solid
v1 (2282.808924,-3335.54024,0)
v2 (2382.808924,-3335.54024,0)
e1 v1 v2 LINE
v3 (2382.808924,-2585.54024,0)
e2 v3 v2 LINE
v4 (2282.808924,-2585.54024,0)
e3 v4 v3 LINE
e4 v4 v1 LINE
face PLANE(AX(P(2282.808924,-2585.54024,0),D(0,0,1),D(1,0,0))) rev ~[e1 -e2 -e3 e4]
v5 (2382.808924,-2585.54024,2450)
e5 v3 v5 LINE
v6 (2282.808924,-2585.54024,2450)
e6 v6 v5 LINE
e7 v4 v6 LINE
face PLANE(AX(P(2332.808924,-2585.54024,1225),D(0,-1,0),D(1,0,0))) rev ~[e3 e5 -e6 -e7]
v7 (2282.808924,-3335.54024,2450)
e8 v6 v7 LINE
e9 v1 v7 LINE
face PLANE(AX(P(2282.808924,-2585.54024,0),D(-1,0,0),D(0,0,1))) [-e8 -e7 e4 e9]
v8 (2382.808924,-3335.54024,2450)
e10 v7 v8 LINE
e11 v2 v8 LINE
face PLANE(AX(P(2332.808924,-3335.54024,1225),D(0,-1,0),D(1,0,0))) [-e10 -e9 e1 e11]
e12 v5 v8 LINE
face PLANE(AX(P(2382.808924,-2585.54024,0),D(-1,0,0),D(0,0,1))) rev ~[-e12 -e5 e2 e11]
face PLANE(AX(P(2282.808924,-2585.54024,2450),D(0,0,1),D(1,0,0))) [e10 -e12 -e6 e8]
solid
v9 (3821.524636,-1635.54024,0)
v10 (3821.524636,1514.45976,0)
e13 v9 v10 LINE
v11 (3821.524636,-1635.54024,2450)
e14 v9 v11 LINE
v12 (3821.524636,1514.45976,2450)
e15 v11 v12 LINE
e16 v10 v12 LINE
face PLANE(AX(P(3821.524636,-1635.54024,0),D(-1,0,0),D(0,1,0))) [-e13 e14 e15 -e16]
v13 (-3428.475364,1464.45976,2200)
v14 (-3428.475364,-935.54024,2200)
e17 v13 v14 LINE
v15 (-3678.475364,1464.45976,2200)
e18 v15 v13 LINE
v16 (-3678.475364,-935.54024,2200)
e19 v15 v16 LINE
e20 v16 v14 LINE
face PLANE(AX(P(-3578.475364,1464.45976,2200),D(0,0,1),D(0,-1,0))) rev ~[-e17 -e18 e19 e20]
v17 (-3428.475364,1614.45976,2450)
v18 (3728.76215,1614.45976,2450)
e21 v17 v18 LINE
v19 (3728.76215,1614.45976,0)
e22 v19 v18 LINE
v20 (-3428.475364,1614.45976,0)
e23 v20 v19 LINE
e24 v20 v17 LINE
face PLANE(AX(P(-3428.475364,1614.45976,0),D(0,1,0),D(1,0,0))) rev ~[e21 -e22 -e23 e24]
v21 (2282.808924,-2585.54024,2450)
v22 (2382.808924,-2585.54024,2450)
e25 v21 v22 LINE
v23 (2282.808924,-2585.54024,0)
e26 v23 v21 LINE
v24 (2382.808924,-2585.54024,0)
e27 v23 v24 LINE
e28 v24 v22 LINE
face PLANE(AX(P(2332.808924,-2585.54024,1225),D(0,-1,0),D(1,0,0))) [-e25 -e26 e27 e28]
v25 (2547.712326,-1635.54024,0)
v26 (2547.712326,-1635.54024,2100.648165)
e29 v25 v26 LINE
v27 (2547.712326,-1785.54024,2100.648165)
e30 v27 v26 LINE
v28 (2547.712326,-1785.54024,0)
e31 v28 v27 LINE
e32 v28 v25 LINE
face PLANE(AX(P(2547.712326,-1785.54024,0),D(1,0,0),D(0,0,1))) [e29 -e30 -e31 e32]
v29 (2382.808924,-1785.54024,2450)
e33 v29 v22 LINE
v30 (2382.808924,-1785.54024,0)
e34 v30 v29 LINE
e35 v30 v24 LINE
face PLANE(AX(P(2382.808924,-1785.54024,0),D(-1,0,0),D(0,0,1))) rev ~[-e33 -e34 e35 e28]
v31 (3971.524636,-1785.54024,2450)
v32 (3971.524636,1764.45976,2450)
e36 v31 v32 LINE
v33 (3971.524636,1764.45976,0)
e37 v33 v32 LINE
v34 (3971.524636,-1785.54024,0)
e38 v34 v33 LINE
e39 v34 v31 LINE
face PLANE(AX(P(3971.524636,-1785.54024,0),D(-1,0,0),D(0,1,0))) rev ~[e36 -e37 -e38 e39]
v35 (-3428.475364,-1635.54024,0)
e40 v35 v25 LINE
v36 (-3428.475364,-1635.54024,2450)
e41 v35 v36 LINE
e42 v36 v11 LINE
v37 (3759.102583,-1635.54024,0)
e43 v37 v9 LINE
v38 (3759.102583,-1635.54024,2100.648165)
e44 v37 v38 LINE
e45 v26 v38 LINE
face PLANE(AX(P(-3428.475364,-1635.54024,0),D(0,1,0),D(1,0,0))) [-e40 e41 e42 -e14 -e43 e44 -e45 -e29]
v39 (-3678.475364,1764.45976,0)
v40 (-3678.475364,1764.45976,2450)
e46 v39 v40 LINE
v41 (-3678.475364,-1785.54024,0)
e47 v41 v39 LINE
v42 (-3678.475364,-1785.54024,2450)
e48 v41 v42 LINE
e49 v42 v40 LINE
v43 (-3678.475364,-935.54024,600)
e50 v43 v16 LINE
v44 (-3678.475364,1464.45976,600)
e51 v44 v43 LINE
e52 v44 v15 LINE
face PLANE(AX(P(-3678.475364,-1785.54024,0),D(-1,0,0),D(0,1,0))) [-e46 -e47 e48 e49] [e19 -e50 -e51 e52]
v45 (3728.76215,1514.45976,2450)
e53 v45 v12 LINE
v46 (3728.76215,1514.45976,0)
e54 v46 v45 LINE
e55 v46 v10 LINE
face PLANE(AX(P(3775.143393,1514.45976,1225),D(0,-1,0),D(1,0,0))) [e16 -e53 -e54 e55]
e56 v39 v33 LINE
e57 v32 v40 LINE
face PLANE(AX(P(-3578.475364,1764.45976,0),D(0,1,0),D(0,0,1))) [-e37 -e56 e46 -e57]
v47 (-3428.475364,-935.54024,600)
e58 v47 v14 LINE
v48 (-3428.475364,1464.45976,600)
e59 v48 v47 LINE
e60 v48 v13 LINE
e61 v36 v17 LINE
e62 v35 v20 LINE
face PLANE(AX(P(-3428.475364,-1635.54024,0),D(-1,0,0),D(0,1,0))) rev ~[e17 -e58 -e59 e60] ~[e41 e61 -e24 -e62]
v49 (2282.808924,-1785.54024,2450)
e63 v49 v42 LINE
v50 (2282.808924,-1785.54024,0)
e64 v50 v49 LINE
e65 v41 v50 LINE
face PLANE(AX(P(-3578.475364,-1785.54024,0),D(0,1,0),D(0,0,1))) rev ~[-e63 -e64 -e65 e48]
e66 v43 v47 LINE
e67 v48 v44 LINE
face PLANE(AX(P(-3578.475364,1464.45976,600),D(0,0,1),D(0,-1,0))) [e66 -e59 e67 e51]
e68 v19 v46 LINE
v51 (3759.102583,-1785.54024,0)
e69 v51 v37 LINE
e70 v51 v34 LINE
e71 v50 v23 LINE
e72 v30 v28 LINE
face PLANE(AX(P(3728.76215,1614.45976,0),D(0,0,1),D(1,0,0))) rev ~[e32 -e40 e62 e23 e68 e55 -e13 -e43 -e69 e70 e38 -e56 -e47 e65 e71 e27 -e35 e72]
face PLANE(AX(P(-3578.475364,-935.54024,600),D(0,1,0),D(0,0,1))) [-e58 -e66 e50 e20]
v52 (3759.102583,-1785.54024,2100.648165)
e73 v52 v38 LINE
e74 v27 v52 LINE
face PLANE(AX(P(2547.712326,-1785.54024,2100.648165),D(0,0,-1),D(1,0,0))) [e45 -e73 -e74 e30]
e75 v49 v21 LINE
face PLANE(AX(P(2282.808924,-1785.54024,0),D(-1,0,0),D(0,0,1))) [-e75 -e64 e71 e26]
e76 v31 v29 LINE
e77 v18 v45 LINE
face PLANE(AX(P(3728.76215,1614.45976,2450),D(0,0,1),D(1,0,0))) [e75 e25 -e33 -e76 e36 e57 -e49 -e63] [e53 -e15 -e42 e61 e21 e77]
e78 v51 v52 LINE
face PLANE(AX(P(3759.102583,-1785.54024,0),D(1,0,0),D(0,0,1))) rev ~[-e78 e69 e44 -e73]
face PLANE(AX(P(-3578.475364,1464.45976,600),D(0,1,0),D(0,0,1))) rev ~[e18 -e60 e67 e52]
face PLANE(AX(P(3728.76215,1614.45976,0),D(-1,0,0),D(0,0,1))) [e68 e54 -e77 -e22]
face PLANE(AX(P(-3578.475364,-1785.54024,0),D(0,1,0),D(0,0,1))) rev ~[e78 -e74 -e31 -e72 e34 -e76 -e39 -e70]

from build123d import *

# Parameters (mm, degrees)
F0_W      = 7550
F0_H      = 3550
F0_W_2    = 7250
F0_H_2    = 3250
F1_DEPTH  = 2450
F2_W      = 1211.3902568817
F2_H      = 2100.6481647491
F3_DEPTH  = 150
F4_W      = 2400
F4_H      = 1600
F5_DEPTH  = 150
F6_DEPTH  = 100
F7_W      = 92.7624866187
F7_H      = 2450
F8_DEPTH  = 100
F9_W      = 100
F9_H      = 2450
F10_DEPTH = 800
F11_DEPTH = 750


with BuildPart() as f1:
    # F0 (on Top) → F1 (new body)
    with BuildSketch(Plane.XY):
        with Locations((196.5246364295, -10.5402395129)):
            Rectangle(F0_W, F0_H)
        with Locations((196.5246364295, -10.5402395129)):
            Rectangle(F0_W_2, F0_H_2, mode=Mode.SUBTRACT)
    extrude(amount=F1_DEPTH)

    # F2 (on face) → F3 (cut)
    with BuildSketch(Plane.XZ.offset(1785.5402395129)):
        with Locations((3153.4074544907, 1050.3240823746)):
            Rectangle(F2_W, F2_H)
    extrude(amount=-F3_DEPTH, mode=Mode.SUBTRACT)

    # F4 (on face) → F5 (cut)
    with BuildSketch(Plane(origin=(-3578.4753635705, 0, 0), x_dir=(0, -1, 0), z_dir=(-1, 0, 0))):
        with Locations((-264.4597604871, 1400)):
            Rectangle(F4_W, F4_H)
    extrude(amount=-F5_DEPTH, mode=Mode.SUBTRACT)

    # F6 (add): a face of the model
    f6_faces = [f1.faces().sort_by_distance(p)[0] for p in [
        (-3578.4753635705, 1721.3262468347, 1225),
    ]]
    extrude(f6_faces, amount=F6_DEPTH)

    # F7 (on face) → F8 (join)
    with BuildSketch(Plane.XZ.offset(-1614.4597604871)):
        with Locations((3775.1433931202, 1225)):
            Rectangle(F7_W, F7_H)
    extrude(amount=F8_DEPTH)

    # F9 (on face) → F10 (join)
    with BuildSketch(Plane.XZ.offset(1785.5402395129)):
        with Locations((2332.8089237213, 1225)):
            Rectangle(F9_W, F9_H)
    extrude(amount=F10_DEPTH)


with BuildPart() as f11:
    # F11 (new): a face of the model
    f11_faces = [f1.part.faces().sort_by_distance(p)[0] for p in [
        (2332.8089237213, -2585.5402395129, 1225),
    ]]
    extrude(f11_faces, amount=F11_DEPTH)


solid = Compound([f1.part, f11.part])
